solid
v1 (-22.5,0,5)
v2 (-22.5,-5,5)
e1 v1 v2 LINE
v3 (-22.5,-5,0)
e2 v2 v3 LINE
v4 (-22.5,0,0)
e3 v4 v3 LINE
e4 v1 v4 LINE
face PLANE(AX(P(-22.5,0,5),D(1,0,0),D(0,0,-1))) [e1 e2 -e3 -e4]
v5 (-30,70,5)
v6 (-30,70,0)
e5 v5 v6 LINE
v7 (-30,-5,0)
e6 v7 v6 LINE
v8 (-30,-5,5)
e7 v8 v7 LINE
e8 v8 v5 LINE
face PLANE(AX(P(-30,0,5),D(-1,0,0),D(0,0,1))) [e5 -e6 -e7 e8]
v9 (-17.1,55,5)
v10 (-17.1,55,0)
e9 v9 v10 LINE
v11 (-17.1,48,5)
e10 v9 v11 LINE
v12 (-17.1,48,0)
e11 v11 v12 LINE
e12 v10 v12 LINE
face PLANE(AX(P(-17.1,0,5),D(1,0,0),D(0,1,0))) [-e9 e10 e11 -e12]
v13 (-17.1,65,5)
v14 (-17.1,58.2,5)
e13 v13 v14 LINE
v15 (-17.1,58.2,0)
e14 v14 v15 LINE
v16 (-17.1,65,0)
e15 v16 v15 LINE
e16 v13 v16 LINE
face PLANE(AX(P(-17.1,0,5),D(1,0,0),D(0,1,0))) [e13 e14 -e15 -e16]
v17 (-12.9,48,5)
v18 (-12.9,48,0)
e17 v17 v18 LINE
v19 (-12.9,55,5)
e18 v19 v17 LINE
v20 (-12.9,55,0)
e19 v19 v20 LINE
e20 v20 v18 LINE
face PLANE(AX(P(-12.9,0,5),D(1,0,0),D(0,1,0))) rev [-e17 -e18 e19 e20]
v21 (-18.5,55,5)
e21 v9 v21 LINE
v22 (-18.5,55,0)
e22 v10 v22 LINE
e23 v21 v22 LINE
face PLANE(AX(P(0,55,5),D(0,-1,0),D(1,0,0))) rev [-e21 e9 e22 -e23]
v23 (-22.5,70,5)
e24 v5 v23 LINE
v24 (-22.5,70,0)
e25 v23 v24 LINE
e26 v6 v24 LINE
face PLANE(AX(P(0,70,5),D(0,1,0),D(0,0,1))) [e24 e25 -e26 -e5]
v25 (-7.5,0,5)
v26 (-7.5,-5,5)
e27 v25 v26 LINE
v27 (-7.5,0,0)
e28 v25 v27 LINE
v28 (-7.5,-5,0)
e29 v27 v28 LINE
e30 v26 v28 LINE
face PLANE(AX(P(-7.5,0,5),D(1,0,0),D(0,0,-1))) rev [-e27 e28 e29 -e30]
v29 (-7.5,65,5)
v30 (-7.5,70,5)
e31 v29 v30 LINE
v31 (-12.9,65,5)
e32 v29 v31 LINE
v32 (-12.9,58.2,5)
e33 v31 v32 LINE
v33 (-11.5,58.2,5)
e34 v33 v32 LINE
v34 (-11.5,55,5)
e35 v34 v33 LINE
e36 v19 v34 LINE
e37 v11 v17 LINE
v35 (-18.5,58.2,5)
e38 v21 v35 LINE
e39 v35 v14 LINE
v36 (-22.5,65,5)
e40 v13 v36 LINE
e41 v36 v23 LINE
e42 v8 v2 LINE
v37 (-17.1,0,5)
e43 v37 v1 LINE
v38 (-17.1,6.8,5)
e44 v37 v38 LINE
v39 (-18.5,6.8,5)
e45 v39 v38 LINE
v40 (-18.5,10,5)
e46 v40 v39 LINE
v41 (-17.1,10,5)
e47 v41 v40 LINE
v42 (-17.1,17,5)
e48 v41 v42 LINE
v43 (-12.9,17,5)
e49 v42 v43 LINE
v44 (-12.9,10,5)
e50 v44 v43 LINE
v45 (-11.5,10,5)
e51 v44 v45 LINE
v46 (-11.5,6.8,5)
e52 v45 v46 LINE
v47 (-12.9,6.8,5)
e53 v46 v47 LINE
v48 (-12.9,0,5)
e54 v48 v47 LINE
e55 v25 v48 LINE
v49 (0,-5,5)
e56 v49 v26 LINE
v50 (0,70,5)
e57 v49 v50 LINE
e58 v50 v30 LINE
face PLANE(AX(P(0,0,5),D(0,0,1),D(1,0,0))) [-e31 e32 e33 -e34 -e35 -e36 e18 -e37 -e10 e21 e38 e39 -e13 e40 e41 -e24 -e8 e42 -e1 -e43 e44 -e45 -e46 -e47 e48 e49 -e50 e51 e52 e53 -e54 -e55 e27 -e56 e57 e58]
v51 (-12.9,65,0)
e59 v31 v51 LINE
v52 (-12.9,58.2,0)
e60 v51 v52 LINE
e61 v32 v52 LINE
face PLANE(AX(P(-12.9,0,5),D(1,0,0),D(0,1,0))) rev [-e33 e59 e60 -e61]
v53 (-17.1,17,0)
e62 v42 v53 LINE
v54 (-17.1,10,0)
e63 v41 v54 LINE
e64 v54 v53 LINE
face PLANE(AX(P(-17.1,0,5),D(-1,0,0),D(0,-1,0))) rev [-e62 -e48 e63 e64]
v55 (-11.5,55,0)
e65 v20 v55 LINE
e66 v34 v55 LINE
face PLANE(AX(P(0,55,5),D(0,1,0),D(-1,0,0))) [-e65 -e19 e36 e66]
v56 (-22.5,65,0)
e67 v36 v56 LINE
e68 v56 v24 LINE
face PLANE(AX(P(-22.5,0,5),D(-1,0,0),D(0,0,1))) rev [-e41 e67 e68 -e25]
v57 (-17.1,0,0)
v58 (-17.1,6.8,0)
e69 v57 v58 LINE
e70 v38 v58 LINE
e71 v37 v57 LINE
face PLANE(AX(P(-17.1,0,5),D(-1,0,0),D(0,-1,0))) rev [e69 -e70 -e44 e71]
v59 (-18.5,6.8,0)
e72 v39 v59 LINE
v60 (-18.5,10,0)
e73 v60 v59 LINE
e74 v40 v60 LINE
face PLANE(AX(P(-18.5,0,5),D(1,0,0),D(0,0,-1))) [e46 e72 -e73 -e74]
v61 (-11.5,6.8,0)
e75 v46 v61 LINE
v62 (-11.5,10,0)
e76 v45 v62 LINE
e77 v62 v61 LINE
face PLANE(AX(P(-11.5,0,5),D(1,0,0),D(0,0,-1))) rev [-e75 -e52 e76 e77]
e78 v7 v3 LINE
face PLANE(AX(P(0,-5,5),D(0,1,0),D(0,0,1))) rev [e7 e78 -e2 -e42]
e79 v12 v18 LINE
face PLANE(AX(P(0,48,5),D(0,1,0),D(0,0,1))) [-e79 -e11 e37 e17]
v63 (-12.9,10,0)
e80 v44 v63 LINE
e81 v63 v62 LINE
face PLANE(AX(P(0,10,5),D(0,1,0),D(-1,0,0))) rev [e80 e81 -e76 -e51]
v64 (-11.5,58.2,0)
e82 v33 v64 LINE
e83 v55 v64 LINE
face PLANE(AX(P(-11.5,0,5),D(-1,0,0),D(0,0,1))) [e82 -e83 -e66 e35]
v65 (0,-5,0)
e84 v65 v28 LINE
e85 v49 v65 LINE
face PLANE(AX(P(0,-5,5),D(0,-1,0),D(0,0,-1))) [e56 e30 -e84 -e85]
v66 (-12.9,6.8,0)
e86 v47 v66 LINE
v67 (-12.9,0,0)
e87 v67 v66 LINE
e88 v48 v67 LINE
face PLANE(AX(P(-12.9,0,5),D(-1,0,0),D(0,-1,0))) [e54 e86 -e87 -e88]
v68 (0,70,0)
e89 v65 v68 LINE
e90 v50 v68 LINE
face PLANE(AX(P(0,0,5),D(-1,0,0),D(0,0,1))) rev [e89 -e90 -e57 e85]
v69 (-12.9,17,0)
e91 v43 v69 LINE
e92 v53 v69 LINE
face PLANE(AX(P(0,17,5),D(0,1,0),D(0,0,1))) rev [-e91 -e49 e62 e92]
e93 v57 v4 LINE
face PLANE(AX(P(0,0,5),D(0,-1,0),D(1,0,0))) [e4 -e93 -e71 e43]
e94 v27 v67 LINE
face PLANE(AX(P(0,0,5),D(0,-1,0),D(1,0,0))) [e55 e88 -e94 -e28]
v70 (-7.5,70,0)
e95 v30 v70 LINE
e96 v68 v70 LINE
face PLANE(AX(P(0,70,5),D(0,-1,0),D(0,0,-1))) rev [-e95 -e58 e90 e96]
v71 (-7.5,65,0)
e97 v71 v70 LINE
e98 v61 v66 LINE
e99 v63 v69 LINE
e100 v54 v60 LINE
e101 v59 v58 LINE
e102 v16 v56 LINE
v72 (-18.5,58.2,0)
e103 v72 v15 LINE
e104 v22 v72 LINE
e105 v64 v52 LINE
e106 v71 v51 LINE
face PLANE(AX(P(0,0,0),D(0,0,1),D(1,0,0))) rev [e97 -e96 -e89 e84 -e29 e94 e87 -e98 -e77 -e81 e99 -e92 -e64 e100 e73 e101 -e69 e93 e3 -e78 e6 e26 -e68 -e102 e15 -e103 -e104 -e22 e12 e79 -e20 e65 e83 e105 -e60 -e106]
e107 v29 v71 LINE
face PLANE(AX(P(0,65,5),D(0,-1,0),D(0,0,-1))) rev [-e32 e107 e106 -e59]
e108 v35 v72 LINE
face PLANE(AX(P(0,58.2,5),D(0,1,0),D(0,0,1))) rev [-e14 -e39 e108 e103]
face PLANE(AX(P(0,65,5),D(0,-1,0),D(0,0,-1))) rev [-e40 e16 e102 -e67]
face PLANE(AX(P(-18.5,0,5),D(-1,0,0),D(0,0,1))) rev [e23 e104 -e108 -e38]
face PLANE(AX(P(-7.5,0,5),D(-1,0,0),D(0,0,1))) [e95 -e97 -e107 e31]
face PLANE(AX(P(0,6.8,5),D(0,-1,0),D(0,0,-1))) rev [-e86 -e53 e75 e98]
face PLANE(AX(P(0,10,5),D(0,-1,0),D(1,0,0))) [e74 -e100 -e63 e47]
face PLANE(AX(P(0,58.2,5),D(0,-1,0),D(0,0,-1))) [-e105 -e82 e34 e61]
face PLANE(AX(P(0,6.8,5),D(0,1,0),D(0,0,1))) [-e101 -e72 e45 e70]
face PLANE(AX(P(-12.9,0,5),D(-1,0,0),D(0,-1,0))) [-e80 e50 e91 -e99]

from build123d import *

# Parameters (mm, degrees)
SKETCH1_W           = 7.5
SKETCH1_H           = 5
BOSS_EXTRUDE1_DEPTH = 5


with BuildPart() as part:
    # Sketch1 → Boss-Extrude1 (new body)
    with BuildSketch(Plane.XY):
        Polygon((-7.5, 0), (0, 0), (0, 65), (-7.5, 65), (-12.9, 65), (-12.9, 58.2), (-11.5, 58.2), (-11.5, 55), (-12.9, 55), (-12.9, 48), (-17.1, 48), (-17.1, 55), (-18.5, 55), (-18.5, 58.2), (-17.1, 58.2), (-17.1, 65), (-22.5, 65), (-30, 65), (-30, 0), (-22.5, 0), (-17.1, 0), (-17.1, 6.8), (-18.5, 6.8), (-18.5, 10), (-17.1, 10), (-17.1, 17), (-12.9, 17), (-12.9, 10), (-11.5, 10), (-11.5, 6.8), (-12.9, 6.8), (-12.9, 0), align=None)
        with Locations((-3.75, 67.5)):
            Rectangle(SKETCH1_W, SKETCH1_H)
        with Locations((-26.25, 67.5)):
            Rectangle(SKETCH1_W, SKETCH1_H)
        with Locations((-26.25, -2.5)):
            Rectangle(SKETCH1_W, SKETCH1_H)
        with Locations((-3.75, -2.5)):
            Rectangle(SKETCH1_W, SKETCH1_H)
    extrude(amount=BOSS_EXTRUDE1_DEPTH)


solid = part.part
